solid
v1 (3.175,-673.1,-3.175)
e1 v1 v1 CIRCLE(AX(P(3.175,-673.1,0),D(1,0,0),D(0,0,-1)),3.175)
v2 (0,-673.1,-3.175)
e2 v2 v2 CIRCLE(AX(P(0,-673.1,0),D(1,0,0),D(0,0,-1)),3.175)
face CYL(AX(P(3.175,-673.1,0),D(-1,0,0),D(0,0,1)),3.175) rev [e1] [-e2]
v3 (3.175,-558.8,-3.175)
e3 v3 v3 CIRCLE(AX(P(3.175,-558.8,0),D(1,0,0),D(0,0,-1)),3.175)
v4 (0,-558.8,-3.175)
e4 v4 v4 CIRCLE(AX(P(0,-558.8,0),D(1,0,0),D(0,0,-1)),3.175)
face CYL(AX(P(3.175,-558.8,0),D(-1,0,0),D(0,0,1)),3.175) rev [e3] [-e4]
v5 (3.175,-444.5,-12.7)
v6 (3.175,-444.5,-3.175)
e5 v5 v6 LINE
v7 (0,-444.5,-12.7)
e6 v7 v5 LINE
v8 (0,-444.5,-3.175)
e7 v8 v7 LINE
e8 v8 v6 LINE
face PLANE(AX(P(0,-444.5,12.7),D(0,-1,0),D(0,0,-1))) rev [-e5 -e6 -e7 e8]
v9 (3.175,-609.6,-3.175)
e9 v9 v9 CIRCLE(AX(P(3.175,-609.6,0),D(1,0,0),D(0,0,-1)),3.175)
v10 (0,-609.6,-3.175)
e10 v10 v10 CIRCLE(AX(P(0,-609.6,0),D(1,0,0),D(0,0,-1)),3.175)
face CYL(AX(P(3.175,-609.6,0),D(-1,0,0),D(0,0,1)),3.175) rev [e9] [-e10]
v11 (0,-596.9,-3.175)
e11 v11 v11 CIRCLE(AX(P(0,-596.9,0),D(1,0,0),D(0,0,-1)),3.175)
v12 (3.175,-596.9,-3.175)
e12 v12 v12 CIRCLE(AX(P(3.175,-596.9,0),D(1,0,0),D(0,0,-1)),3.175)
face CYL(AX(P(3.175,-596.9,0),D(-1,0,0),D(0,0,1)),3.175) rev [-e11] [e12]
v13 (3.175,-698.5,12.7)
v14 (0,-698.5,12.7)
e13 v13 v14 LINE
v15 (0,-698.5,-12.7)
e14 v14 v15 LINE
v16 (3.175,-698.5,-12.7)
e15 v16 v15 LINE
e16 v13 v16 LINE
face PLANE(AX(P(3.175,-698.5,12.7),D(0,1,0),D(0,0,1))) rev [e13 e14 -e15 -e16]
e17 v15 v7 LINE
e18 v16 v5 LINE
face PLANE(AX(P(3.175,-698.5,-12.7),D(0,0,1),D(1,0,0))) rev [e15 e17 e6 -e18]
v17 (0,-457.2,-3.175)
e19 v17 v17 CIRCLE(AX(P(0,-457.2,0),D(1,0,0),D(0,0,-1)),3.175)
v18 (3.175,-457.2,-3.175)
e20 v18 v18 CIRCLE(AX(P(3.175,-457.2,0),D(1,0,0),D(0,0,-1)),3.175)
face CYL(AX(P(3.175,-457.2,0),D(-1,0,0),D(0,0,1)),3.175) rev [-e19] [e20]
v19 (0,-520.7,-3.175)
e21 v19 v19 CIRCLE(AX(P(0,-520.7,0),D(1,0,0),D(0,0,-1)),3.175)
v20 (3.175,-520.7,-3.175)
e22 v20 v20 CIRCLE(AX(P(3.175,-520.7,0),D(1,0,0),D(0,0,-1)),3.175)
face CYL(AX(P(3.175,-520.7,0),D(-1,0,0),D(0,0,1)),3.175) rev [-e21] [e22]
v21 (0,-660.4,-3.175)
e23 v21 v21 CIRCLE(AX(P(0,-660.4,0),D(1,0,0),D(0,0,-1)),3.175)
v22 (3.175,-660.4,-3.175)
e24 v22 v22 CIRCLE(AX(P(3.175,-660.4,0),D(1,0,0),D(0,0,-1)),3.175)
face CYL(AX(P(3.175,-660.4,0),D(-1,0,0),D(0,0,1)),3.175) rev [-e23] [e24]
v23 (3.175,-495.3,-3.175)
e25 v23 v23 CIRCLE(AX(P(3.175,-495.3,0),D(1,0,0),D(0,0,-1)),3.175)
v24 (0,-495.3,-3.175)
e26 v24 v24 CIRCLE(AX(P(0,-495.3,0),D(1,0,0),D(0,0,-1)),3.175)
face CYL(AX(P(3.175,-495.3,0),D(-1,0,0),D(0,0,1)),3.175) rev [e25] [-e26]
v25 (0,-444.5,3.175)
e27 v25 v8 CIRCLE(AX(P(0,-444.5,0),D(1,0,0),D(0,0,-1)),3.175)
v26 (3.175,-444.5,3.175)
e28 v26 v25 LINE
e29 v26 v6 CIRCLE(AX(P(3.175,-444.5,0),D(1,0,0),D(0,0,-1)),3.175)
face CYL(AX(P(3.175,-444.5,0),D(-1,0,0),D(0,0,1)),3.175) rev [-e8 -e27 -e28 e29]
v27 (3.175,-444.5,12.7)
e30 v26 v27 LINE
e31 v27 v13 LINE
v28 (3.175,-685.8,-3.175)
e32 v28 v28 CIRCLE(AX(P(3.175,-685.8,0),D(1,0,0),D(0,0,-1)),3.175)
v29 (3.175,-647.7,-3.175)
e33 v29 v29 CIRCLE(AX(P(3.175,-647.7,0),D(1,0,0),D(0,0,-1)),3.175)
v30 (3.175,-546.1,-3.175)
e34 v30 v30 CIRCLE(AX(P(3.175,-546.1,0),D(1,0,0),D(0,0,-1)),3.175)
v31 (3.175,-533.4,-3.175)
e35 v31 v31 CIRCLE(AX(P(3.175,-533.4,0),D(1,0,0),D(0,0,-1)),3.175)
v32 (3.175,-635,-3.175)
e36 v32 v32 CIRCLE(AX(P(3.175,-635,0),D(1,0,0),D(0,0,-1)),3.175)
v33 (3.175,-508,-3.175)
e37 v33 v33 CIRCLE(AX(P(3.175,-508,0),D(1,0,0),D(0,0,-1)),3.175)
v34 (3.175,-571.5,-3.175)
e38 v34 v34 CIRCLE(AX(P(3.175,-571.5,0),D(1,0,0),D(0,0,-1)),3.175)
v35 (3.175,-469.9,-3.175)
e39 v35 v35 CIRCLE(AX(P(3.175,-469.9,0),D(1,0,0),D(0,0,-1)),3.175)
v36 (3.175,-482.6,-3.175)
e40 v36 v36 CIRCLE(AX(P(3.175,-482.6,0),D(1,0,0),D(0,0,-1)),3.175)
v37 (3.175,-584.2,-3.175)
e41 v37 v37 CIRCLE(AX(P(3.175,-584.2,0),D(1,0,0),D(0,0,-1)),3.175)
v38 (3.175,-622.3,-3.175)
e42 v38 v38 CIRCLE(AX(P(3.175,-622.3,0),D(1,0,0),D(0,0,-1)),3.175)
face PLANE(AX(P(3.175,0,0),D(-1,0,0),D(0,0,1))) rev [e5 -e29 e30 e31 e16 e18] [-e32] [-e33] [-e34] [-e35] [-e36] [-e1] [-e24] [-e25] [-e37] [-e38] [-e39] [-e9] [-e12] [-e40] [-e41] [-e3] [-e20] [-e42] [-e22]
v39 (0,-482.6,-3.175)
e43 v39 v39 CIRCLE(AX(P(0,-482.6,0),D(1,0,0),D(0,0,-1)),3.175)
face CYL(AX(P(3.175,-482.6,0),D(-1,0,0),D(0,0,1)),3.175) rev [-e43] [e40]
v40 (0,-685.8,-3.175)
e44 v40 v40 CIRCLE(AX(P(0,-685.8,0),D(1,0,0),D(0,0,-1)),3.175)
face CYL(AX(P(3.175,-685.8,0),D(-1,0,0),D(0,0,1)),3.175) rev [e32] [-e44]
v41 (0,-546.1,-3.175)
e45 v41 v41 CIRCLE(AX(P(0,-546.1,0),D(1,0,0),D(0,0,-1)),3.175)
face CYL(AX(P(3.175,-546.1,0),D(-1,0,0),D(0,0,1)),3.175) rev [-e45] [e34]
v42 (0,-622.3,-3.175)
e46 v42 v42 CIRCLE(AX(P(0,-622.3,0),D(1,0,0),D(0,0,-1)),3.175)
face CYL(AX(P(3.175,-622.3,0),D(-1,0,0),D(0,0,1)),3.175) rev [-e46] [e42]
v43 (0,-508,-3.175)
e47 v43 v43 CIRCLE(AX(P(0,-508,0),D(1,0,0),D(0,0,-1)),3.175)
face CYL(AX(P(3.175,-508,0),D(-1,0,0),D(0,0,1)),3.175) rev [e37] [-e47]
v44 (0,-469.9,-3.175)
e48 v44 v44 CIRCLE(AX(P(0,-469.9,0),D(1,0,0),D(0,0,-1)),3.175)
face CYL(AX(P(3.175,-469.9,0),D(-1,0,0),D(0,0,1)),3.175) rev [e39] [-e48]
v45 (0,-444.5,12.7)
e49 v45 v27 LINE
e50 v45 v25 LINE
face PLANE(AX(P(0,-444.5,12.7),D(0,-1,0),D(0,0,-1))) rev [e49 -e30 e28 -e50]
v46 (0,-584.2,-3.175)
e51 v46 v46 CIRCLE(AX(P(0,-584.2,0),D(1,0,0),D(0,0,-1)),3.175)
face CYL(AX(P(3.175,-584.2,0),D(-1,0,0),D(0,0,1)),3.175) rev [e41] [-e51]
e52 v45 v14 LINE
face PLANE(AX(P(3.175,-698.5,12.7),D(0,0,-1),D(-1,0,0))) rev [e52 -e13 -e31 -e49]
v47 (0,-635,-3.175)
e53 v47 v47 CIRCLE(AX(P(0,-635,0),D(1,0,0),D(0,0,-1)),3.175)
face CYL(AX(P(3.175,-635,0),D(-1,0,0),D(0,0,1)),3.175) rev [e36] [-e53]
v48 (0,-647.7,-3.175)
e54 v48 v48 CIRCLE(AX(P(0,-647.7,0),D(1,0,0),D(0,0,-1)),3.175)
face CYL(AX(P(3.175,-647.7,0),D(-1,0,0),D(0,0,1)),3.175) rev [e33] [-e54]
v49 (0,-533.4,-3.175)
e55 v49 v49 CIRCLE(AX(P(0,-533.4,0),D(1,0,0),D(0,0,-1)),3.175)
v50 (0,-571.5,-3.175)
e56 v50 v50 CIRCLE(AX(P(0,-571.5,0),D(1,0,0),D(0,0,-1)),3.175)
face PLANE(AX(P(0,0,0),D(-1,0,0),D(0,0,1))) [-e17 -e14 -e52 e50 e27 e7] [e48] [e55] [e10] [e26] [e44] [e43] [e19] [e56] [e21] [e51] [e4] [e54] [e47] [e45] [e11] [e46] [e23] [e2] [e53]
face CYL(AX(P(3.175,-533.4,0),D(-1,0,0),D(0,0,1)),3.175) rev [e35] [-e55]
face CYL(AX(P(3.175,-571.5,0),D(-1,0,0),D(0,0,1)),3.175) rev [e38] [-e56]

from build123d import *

# Parameters (mm, degrees)
SKETCH1_W               = 25.4
SKETCH1_H               = 1397
SKETCH1_R               = 3.175
BOSS_EXTRUDE1_DEPTH     = 3.175
CUT_EXTRUDE1_DEPTH      = 699.622659685
CUT_EXTRUDE1_DEPTH_BACK = 699.622659685
SKETCH2_W               = 25.4
SKETCH2_H               = 1143


with BuildPart() as part:
    # Sketch1 → Boss-Extrude1 (new body)
    with BuildSketch(Plane(origin=(0, 0, 0), x_dir=(0, 0, -1), z_dir=(1, 0, 0))):
        Rectangle(SKETCH1_W, SKETCH1_H)
        with Locations((0, -685.8)):
            Circle(SKETCH1_R, mode=Mode.SUBTRACT)
        with Locations((0, -673.1)):
            Circle(SKETCH1_R, mode=Mode.SUBTRACT)
        with Locations((0, -660.4)):
            Circle(SKETCH1_R, mode=Mode.SUBTRACT)
        with Locations((0, -647.7)):
            Circle(SKETCH1_R, mode=Mode.SUBTRACT)
        with Locations((0, -635)):
            Circle(SKETCH1_R, mode=Mode.SUBTRACT)
        with Locations((0, -622.3)):
            Circle(SKETCH1_R, mode=Mode.SUBTRACT)
        with Locations((0, -609.6)):
            Circle(SKETCH1_R, mode=Mode.SUBTRACT)
        with Locations((0, -596.9)):
            Circle(SKETCH1_R, mode=Mode.SUBTRACT)
        with Locations((0, -584.2)):
            Circle(SKETCH1_R, mode=Mode.SUBTRACT)
        with Locations((0, -571.5)):
            Circle(SKETCH1_R, mode=Mode.SUBTRACT)
        with Locations((0, -558.8)):
            Circle(SKETCH1_R, mode=Mode.SUBTRACT)
        with Locations((0, -546.1)):
            Circle(SKETCH1_R, mode=Mode.SUBTRACT)
        with Locations((0, -533.4)):
            Circle(SKETCH1_R, mode=Mode.SUBTRACT)
        with Locations((0, -520.7)):
            Circle(SKETCH1_R, mode=Mode.SUBTRACT)
        with Locations((0, -508)):
            Circle(SKETCH1_R, mode=Mode.SUBTRACT)
        with Locations((0, -495.3)):
            Circle(SKETCH1_R, mode=Mode.SUBTRACT)
        with Locations((0, -482.6)):
            Circle(SKETCH1_R, mode=Mode.SUBTRACT)
        with Locations((0, -469.9)):
            Circle(SKETCH1_R, mode=Mode.SUBTRACT)
        with Locations((0, -457.2)):
            Circle(SKETCH1_R, mode=Mode.SUBTRACT)
        with Locations((0, -444.5)):
            Circle(SKETCH1_R, mode=Mode.SUBTRACT)
        with Locations((0, -431.8)):
            Circle(SKETCH1_R, mode=Mode.SUBTRACT)
        with Locations((0, -419.1)):
            Circle(SKETCH1_R, mode=Mode.SUBTRACT)
        with Locations((0, -406.4)):
            Circle(SKETCH1_R, mode=Mode.SUBTRACT)
        with Locations((0, -393.7)):
            Circle(SKETCH1_R, mode=Mode.SUBTRACT)
        with Locations((0, -381)):
            Circle(SKETCH1_R, mode=Mode.SUBTRACT)
        with Locations((0, -368.3)):
            Circle(SKETCH1_R, mode=Mode.SUBTRACT)
        with Locations((0, -355.6)):
            Circle(SKETCH1_R, mode=Mode.SUBTRACT)
        with Locations((0, -342.9)):
            Circle(SKETCH1_R, mode=Mode.SUBTRACT)
        with Locations((0, -330.2)):
            Circle(SKETCH1_R, mode=Mode.SUBTRACT)
        with Locations((0, -317.5)):
            Circle(SKETCH1_R, mode=Mode.SUBTRACT)
        with Locations((0, -304.8)):
            Circle(SKETCH1_R, mode=Mode.SUBTRACT)
        with Locations((0, -292.1)):
            Circle(SKETCH1_R, mode=Mode.SUBTRACT)
        with Locations((0, -279.4)):
            Circle(SKETCH1_R, mode=Mode.SUBTRACT)
        with Locations((0, -266.7)):
            Circle(SKETCH1_R, mode=Mode.SUBTRACT)
        with Locations((0, -254)):
            Circle(SKETCH1_R, mode=Mode.SUBTRACT)
        with Locations((0, -241.3)):
            Circle(SKETCH1_R, mode=Mode.SUBTRACT)
        with Locations((0, -228.6)):
            Circle(SKETCH1_R, mode=Mode.SUBTRACT)
        with Locations((0, -215.9)):
            Circle(SKETCH1_R, mode=Mode.SUBTRACT)
        with Locations((0, -203.2)):
            Circle(SKETCH1_R, mode=Mode.SUBTRACT)
        with Locations((0, -190.5)):
            Circle(SKETCH1_R, mode=Mode.SUBTRACT)
        with Locations((0, -177.8)):
            Circle(SKETCH1_R, mode=Mode.SUBTRACT)
        with Locations((0, -165.1)):
            Circle(SKETCH1_R, mode=Mode.SUBTRACT)
        with Locations((0, -152.4)):
            Circle(SKETCH1_R, mode=Mode.SUBTRACT)
        with Locations((0, -139.7)):
            Circle(SKETCH1_R, mode=Mode.SUBTRACT)
        with Locations((0, -127)):
            Circle(SKETCH1_R, mode=Mode.SUBTRACT)
        with Locations((0, -114.3)):
            Circle(SKETCH1_R, mode=Mode.SUBTRACT)
        with Locations((0, -101.6)):
            Circle(SKETCH1_R, mode=Mode.SUBTRACT)
        with Locations((0, -88.9)):
            Circle(SKETCH1_R, mode=Mode.SUBTRACT)
        with Locations((0, -76.2)):
            Circle(SKETCH1_R, mode=Mode.SUBTRACT)
        with Locations((0, -63.5)):
            Circle(SKETCH1_R, mode=Mode.SUBTRACT)
        with Locations((0, -50.8)):
            Circle(SKETCH1_R, mode=Mode.SUBTRACT)
        with Locations((0, -38.1)):
            Circle(SKETCH1_R, mode=Mode.SUBTRACT)
        with Locations((0, -25.4)):
            Circle(SKETCH1_R, mode=Mode.SUBTRACT)
        with Locations((0, -12.7)):
            Circle(SKETCH1_R, mode=Mode.SUBTRACT)
        Circle(SKETCH1_R, mode=Mode.SUBTRACT)
        with Locations((0, 12.7)):
            Circle(SKETCH1_R, mode=Mode.SUBTRACT)
        with Locations((0, 25.4)):
            Circle(SKETCH1_R, mode=Mode.SUBTRACT)
        with Locations((0, 38.1)):
            Circle(SKETCH1_R, mode=Mode.SUBTRACT)
        with Locations((0, 50.8)):
            Circle(SKETCH1_R, mode=Mode.SUBTRACT)
        with Locations((0, 63.5)):
            Circle(SKETCH1_R, mode=Mode.SUBTRACT)
        with Locations((0, 76.2)):
            Circle(SKETCH1_R, mode=Mode.SUBTRACT)
        with Locations((0, 88.9)):
            Circle(SKETCH1_R, mode=Mode.SUBTRACT)
        with Locations((0, 101.6)):
            Circle(SKETCH1_R, mode=Mode.SUBTRACT)
        with Locations((0, 114.3)):
            Circle(SKETCH1_R, mode=Mode.SUBTRACT)
        with Locations((0, 127)):
            Circle(SKETCH1_R, mode=Mode.SUBTRACT)
        with Locations((0, 139.7)):
            Circle(SKETCH1_R, mode=Mode.SUBTRACT)
        with Locations((0, 152.4)):
            Circle(SKETCH1_R, mode=Mode.SUBTRACT)
        with Locations((0, 165.1)):
            Circle(SKETCH1_R, mode=Mode.SUBTRACT)
        with Locations((0, 177.8)):
            Circle(SKETCH1_R, mode=Mode.SUBTRACT)
        with Locations((0, 190.5)):
            Circle(SKETCH1_R, mode=Mode.SUBTRACT)
        with Locations((0, 203.2)):
            Circle(SKETCH1_R, mode=Mode.SUBTRACT)
        with Locations((0, 215.9)):
            Circle(SKETCH1_R, mode=Mode.SUBTRACT)
        with Locations((0, 228.6)):
            Circle(SKETCH1_R, mode=Mode.SUBTRACT)
        with Locations((0, 241.3)):
            Circle(SKETCH1_R, mode=Mode.SUBTRACT)
        with Locations((0, 254)):
            Circle(SKETCH1_R, mode=Mode.SUBTRACT)
        with Locations((0, 266.7)):
            Circle(SKETCH1_R, mode=Mode.SUBTRACT)
        with Locations((0, 279.4)):
            Circle(SKETCH1_R, mode=Mode.SUBTRACT)
        with Locations((0, 292.1)):
            Circle(SKETCH1_R, mode=Mode.SUBTRACT)
        with Locations((0, 304.8)):
            Circle(SKETCH1_R, mode=Mode.SUBTRACT)
        with Locations((0, 317.5)):
            Circle(SKETCH1_R, mode=Mode.SUBTRACT)
        with Locations((0, 330.2)):
            Circle(SKETCH1_R, mode=Mode.SUBTRACT)
        with Locations((0, 342.9)):
            Circle(SKETCH1_R, mode=Mode.SUBTRACT)
        with Locations((0, 355.6)):
            Circle(SKETCH1_R, mode=Mode.SUBTRACT)
        with Locations((0, 368.3)):
            Circle(SKETCH1_R, mode=Mode.SUBTRACT)
        with Locations((0, 381)):
            Circle(SKETCH1_R, mode=Mode.SUBTRACT)
        with Locations((0, 393.7)):
            Circle(SKETCH1_R, mode=Mode.SUBTRACT)
        with Locations((0, 406.4)):
            Circle(SKETCH1_R, mode=Mode.SUBTRACT)
        with Locations((0, 419.1)):
            Circle(SKETCH1_R, mode=Mode.SUBTRACT)
        with Locations((0, 431.8)):
            Circle(SKETCH1_R, mode=Mode.SUBTRACT)
        with Locations((0, 444.5)):
            Circle(SKETCH1_R, mode=Mode.SUBTRACT)
        with Locations((0, 457.2)):
            Circle(SKETCH1_R, mode=Mode.SUBTRACT)
        with Locations((0, 469.9)):
            Circle(SKETCH1_R, mode=Mode.SUBTRACT)
        with Locations((0, 482.6)):
            Circle(SKETCH1_R, mode=Mode.SUBTRACT)
        with Locations((0, 495.3)):
            Circle(SKETCH1_R, mode=Mode.SUBTRACT)
        with Locations((0, 508)):
            Circle(SKETCH1_R, mode=Mode.SUBTRACT)
        with Locations((0, 520.7)):
            Circle(SKETCH1_R, mode=Mode.SUBTRACT)
        with Locations((0, 533.4)):
            Circle(SKETCH1_R, mode=Mode.SUBTRACT)
        with Locations((0, 546.1)):
            Circle(SKETCH1_R, mode=Mode.SUBTRACT)
        with Locations((0, 558.8)):
            Circle(SKETCH1_R, mode=Mode.SUBTRACT)
        with Locations((0, 571.5)):
            Circle(SKETCH1_R, mode=Mode.SUBTRACT)
        with Locations((0, 584.2)):
            Circle(SKETCH1_R, mode=Mode.SUBTRACT)
        with Locations((0, 596.9)):
            Circle(SKETCH1_R, mode=Mode.SUBTRACT)
        with Locations((0, 609.6)):
            Circle(SKETCH1_R, mode=Mode.SUBTRACT)
        with Locations((0, 622.3)):
            Circle(SKETCH1_R, mode=Mode.SUBTRACT)
        with Locations((0, 635)):
            Circle(SKETCH1_R, mode=Mode.SUBTRACT)
        with Locations((0, 647.7)):
            Circle(SKETCH1_R, mode=Mode.SUBTRACT)
        with Locations((0, 660.4)):
            Circle(SKETCH1_R, mode=Mode.SUBTRACT)
        with Locations((0, 673.1)):
            Circle(SKETCH1_R, mode=Mode.SUBTRACT)
        with Locations((0, 685.8)):
            Circle(SKETCH1_R, mode=Mode.SUBTRACT)
    extrude(amount=BOSS_EXTRUDE1_DEPTH)

    # Sketch2 → Cut-Extrude1 (cut, two sides: drawn at the far end of the back side and taken through both)
    with BuildSketch(Plane(origin=(3.175, 0, 0), x_dir=(0, 0, -1), z_dir=(1, 0, 0)).offset(-CUT_EXTRUDE1_DEPTH_BACK)):
        with Locations((0, 127)):
            Rectangle(SKETCH2_W, SKETCH2_H)
    extrude(amount=CUT_EXTRUDE1_DEPTH + CUT_EXTRUDE1_DEPTH_BACK, mode=Mode.SUBTRACT)


solid = part.part
